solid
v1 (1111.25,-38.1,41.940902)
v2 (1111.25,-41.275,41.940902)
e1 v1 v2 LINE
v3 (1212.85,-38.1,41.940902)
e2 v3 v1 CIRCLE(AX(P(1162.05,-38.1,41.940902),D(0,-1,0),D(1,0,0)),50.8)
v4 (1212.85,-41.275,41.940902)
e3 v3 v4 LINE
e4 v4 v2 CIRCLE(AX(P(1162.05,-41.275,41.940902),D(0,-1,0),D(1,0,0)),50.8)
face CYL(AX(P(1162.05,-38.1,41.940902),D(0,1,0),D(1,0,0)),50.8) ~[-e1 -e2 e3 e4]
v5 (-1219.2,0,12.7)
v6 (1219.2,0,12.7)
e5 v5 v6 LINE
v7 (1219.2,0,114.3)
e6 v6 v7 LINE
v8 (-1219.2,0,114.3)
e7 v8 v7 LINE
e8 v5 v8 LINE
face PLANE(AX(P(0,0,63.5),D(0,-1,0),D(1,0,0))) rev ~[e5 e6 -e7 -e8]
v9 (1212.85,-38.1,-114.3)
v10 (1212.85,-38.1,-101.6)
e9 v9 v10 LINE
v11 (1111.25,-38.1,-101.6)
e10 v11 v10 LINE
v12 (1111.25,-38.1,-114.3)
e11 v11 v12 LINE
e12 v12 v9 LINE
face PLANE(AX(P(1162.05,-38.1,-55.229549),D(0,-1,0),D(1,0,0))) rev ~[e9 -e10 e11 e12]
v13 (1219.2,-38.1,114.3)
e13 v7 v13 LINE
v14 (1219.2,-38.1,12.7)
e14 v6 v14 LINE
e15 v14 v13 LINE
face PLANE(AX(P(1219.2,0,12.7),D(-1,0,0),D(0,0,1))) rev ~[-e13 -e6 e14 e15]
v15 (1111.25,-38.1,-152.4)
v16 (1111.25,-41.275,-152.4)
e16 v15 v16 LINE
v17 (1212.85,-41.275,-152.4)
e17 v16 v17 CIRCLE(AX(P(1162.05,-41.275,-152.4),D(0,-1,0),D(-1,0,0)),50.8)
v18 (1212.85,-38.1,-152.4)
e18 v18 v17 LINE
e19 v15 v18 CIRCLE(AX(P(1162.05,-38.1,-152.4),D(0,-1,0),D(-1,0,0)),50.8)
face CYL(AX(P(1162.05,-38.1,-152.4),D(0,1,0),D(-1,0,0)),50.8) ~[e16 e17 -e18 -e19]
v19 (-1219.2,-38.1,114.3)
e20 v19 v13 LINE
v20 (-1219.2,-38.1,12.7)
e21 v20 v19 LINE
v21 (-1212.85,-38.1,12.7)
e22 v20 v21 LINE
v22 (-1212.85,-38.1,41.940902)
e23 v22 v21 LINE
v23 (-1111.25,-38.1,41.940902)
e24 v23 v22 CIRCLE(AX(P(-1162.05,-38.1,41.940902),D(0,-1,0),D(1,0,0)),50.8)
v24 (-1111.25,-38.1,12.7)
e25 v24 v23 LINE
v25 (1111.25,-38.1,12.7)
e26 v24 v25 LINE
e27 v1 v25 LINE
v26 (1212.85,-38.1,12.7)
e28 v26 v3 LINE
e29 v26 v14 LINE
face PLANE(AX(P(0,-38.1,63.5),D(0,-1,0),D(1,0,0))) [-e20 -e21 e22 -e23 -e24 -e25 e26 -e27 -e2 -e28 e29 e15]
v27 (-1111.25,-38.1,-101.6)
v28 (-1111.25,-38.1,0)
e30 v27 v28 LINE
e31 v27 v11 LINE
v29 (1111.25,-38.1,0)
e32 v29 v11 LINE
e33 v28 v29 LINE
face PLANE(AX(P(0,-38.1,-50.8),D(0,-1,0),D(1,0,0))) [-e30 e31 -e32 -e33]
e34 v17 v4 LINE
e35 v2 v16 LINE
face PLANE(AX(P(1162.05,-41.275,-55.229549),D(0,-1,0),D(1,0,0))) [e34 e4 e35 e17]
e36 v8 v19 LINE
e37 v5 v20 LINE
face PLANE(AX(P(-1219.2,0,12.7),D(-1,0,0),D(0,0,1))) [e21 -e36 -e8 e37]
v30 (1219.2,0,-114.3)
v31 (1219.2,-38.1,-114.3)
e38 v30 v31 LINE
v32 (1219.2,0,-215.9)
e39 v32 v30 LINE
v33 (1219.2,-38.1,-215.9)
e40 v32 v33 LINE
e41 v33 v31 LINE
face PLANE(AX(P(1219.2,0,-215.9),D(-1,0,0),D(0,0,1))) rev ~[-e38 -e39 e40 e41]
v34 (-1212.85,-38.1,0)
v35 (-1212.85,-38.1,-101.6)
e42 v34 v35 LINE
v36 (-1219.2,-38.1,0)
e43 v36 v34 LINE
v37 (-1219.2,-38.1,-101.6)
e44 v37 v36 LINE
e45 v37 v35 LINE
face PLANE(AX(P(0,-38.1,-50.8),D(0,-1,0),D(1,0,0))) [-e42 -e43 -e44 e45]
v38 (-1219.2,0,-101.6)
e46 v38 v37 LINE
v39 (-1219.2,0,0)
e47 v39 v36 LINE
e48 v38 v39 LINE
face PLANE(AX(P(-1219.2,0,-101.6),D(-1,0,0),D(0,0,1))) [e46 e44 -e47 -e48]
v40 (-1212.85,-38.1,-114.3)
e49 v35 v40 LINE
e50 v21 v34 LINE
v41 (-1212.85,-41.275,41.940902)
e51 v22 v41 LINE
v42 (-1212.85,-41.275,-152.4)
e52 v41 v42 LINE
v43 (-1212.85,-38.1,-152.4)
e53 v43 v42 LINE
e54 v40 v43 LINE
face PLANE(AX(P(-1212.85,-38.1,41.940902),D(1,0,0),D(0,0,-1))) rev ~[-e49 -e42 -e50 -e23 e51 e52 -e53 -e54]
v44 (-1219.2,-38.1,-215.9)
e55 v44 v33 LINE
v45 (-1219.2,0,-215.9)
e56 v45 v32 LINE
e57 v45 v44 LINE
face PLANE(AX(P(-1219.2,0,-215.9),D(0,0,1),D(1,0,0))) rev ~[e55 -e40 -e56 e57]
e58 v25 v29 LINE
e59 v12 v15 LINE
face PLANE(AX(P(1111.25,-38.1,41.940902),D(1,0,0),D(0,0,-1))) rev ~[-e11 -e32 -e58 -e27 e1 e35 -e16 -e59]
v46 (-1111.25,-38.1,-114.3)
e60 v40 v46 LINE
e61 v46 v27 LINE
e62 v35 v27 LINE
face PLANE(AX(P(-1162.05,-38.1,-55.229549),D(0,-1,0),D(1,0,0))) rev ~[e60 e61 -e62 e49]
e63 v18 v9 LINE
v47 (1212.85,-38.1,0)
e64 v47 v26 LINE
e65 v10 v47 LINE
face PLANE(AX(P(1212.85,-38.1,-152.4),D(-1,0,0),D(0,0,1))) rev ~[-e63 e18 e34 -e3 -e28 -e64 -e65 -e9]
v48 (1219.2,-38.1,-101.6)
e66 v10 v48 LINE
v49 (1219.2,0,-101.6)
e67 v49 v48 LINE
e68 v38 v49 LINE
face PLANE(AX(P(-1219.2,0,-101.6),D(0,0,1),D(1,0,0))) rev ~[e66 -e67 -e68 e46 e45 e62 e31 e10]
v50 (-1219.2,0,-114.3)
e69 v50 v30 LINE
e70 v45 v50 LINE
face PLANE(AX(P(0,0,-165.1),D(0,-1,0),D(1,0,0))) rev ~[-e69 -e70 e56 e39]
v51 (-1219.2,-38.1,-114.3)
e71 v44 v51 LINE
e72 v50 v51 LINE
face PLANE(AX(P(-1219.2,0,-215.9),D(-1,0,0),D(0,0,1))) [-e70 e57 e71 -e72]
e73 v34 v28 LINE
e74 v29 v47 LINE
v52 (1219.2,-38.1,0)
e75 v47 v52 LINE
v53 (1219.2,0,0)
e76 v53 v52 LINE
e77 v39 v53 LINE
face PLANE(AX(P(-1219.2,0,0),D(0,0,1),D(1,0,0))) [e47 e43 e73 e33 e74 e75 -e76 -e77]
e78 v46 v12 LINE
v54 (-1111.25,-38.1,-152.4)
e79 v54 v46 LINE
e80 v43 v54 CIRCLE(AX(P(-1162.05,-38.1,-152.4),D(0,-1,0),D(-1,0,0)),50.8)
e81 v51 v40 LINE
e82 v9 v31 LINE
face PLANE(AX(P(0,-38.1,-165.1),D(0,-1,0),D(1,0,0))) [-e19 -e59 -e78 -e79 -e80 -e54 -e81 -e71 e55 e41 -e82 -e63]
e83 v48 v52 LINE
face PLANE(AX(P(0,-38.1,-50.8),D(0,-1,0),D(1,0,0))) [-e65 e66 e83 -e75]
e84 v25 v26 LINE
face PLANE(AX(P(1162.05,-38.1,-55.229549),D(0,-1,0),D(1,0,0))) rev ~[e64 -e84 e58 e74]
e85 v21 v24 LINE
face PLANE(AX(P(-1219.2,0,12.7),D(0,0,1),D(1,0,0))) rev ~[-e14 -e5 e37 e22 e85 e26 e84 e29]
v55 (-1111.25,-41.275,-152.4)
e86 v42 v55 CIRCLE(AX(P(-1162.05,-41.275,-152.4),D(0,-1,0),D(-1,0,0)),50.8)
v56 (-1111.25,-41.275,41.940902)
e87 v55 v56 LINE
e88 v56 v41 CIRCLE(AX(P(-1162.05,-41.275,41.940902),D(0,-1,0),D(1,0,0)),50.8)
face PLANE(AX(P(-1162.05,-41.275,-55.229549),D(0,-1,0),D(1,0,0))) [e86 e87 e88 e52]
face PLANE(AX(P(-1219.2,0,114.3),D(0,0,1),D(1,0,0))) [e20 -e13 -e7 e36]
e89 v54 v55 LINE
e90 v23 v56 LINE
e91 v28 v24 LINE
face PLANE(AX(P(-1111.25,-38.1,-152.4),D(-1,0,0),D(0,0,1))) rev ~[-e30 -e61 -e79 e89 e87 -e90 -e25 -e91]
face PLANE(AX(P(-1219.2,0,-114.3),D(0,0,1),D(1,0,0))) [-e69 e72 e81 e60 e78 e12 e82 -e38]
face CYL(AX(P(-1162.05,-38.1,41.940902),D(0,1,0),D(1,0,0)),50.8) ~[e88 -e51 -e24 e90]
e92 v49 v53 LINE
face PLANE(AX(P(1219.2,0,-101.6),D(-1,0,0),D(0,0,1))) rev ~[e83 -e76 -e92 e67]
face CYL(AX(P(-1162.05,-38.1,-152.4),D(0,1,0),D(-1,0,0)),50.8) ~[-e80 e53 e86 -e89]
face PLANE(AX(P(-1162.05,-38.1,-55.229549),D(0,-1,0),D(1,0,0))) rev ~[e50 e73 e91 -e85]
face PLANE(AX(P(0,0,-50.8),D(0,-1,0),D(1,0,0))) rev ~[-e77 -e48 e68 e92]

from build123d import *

# Parameters (mm, degrees)
F0_W     = 2438.4
F0_H     = 101.6
F1_DEPTH = 38.1
F3_DEPTH = 3.175


with BuildPart() as f1:
    # F0 (on Front) → F1 (new body)
    with BuildSketch(Plane.XZ):
        with Locations((0, 63.5)):
            Rectangle(F0_W, F0_H)
    extrude(amount=F1_DEPTH)



with BuildPart() as f1b:
    # F0 (on Front) → F1, piece 2 (new body)
    with BuildSketch(Plane.XZ):
        with Locations((0, -50.8)):
            Rectangle(F0_W, F0_H)
    extrude(amount=F1_DEPTH)


with BuildPart() as f1c:
    # F0 (on Front) → F1, piece 3 (new body)
    with BuildSketch(Plane.XZ):
        with Locations((0, -165.1)):
            Rectangle(F0_W, F0_H)
    extrude(amount=F1_DEPTH)


with BuildPart() as f1_1:
    add(f1.part)

    add(f1b.part)  # F3 merges F1b

    add(f1c.part)  # F3 merges F1c
    # F2 (on face) → F3 (join)
    with BuildSketch(Plane.XZ.offset(38.1)):
        with BuildLine():
            Line((-1212.85, 41.9409019501), (-1212.85, -152.4))
            ThreePointArc((-1212.85, -152.4), (-1162.05, -203.2), (-1111.25, -152.4))
            Line((-1111.25, -152.4), (-1111.25, 41.9409019501))
            ThreePointArc((-1111.25, 41.9409019501), (-1162.05, 92.7409019501), (-1212.85, 41.9409019501))
        make_face()
        with BuildLine():
            Line((1111.25, 41.9409019501), (1111.25, -152.4))
            ThreePointArc((1111.25, -152.4), (1162.05, -203.2), (1212.85, -152.4))
            Line((1212.85, -152.4), (1212.85, 41.9409019501))
            ThreePointArc((1212.85, 41.9409019501), (1162.05, 92.7409019501), (1111.25, 41.9409019501))
        make_face()
    extrude(amount=F3_DEPTH)


solid = f1_1.part
